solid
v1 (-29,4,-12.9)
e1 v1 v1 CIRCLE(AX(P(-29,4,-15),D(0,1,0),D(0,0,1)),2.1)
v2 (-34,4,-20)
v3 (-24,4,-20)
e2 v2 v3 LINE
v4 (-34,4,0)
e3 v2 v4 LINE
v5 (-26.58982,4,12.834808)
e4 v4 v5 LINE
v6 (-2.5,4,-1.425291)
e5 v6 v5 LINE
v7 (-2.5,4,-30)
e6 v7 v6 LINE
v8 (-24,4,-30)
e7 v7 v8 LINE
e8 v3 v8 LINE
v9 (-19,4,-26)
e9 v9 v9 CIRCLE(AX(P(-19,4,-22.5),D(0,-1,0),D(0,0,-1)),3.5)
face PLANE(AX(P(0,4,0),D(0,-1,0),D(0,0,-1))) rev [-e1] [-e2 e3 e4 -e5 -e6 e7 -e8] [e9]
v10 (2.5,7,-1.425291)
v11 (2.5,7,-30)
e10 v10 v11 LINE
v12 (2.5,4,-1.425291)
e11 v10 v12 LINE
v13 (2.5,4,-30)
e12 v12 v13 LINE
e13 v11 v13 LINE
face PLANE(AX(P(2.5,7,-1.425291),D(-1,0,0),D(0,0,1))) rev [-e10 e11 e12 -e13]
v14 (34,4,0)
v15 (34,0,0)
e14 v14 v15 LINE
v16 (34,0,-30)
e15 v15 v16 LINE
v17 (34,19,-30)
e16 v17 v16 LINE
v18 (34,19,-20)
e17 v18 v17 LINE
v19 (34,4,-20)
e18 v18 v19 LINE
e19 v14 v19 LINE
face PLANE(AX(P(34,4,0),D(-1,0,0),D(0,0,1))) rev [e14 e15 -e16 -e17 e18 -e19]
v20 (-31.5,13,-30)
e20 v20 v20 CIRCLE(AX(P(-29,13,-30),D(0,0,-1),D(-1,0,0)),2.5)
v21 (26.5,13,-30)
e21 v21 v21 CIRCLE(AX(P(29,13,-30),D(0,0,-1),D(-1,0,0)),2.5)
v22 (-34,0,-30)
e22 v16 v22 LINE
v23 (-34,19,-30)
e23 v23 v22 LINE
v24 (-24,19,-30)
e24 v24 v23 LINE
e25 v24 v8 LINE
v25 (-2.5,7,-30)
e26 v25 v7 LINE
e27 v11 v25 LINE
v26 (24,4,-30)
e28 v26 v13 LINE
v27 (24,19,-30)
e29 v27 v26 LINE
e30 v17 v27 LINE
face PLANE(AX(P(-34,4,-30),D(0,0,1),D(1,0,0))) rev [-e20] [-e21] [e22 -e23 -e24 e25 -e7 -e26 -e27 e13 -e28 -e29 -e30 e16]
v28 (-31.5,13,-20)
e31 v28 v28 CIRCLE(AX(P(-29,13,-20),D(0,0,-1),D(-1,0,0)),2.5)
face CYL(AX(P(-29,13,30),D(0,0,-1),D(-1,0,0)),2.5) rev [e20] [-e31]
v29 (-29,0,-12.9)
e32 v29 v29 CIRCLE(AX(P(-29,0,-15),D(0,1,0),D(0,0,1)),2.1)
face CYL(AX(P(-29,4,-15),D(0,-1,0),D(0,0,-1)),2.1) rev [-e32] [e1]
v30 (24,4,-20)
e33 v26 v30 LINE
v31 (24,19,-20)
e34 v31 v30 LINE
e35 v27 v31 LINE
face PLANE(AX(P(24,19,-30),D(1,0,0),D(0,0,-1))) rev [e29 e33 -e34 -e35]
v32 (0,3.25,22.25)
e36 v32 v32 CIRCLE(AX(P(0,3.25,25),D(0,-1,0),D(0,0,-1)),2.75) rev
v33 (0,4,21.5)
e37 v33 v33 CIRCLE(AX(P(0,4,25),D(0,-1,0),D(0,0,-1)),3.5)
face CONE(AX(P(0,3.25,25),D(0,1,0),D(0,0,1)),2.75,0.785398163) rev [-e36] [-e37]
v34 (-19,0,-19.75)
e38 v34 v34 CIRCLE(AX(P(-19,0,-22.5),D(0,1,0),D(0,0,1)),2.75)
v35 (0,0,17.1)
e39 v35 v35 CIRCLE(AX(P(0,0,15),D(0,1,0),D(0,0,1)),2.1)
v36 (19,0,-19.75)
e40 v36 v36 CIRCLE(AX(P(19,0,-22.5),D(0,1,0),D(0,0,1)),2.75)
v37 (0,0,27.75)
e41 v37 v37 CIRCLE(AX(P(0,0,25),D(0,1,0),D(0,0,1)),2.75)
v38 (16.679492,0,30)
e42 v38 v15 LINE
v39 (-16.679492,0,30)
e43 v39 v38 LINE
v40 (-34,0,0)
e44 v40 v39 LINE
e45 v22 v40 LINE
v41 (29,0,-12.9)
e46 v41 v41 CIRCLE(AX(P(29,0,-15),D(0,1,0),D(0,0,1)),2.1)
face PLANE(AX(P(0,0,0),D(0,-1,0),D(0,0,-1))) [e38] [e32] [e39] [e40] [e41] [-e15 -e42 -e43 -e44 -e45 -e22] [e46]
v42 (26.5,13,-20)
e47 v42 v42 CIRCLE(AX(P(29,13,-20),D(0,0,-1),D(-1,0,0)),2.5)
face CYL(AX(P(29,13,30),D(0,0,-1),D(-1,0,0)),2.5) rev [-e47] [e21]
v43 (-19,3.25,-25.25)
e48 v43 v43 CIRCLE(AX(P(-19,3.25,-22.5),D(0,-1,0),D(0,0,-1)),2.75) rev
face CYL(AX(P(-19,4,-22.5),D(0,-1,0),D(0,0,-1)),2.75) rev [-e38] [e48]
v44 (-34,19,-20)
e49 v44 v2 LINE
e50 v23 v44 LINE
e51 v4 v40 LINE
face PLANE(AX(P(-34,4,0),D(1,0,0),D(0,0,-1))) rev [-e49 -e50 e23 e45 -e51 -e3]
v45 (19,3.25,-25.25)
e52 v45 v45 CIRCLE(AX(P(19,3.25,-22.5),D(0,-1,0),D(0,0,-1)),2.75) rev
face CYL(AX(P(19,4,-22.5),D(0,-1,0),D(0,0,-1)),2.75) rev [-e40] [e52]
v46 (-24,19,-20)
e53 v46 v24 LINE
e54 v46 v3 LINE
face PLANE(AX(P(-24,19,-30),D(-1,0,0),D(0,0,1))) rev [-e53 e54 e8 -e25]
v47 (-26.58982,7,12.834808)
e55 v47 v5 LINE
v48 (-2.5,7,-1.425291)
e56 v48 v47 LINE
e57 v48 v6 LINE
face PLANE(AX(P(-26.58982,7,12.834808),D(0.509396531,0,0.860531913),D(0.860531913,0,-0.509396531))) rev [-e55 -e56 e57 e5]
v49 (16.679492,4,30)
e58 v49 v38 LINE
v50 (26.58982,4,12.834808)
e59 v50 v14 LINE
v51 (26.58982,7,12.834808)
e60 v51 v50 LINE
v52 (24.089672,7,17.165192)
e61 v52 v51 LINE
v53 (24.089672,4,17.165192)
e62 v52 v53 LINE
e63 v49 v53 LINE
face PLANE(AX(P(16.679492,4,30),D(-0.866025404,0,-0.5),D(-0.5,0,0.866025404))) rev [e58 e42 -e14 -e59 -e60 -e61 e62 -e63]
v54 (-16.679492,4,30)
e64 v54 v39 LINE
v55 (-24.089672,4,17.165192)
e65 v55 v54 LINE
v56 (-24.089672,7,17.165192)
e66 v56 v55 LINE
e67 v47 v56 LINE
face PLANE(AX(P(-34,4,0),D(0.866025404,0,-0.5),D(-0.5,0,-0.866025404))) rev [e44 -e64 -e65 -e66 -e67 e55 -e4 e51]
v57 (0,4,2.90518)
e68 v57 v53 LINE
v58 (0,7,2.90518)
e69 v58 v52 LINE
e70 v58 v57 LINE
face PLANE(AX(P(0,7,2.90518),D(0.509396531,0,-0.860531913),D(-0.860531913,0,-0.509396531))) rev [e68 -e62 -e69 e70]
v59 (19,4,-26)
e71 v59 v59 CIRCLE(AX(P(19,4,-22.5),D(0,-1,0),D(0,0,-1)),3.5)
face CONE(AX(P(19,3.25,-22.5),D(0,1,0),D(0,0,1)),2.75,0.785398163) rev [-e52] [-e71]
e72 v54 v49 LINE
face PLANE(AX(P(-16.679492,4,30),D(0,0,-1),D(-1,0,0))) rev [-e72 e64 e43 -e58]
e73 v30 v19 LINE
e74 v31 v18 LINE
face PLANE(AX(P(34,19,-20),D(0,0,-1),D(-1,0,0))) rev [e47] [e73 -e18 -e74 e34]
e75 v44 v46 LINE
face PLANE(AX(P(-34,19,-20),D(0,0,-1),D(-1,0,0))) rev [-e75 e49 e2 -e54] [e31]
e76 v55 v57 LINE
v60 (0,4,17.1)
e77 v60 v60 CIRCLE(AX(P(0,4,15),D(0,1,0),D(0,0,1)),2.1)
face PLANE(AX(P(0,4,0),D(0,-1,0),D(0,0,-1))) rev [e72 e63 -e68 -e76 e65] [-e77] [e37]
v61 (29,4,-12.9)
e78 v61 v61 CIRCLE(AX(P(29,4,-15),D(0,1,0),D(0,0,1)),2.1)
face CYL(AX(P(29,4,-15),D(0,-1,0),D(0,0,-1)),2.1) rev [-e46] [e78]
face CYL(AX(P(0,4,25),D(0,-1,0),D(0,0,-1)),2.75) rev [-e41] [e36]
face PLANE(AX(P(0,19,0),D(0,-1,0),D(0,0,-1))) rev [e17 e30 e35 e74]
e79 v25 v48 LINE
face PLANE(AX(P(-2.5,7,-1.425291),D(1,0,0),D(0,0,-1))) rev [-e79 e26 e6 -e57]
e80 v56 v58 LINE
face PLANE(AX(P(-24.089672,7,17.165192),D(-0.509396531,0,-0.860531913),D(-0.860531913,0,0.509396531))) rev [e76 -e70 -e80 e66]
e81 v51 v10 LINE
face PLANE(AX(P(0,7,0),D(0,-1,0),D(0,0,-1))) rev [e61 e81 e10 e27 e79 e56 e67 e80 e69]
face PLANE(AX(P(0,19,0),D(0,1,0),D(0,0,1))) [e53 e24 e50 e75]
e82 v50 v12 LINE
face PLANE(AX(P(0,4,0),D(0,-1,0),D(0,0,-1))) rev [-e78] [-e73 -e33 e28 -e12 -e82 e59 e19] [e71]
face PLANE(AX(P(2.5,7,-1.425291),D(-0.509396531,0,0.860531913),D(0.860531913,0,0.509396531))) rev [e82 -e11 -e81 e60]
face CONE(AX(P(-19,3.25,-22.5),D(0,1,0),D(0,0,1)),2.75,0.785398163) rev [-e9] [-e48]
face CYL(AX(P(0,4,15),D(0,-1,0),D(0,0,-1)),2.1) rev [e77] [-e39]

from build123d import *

# Parameters (mm, degrees)
SKETCH1_R           = 2.75
SKETCH1_R_2         = 2.1
BOSS_EXTRUDE1_DEPTH = 4
BOSS_EXTRUDE2_DEPTH = 3
SKETCH3_W           = 10
SKETCH3_H           = 10
BOSS_EXTRUDE3_DEPTH = 15
SKETCH4_R           = 2.5
CUT_EXTRUDE1_DEPTH  = 72.533209071
CHAMFER1_SIZE       = 0.75


with BuildPart() as part:
    # Sketch1 → Boss-Extrude1 (new body)
    with BuildSketch(Plane(origin=(0, 0, 0), x_dir=(1, 0, 0), z_dir=(0, 1, 0))):
        Polygon((-16.679491924, -30), (16.679491924, -30), (34, 0), (34, 30), (-34, 30), (-34, 0), align=None)
        with Locations(Location((-19, 22.5, 0), (0, 0, 270))):
            Circle(SKETCH1_R, mode=Mode.SUBTRACT)
        with Locations(Location((19, 22.5, 0), (0, 0, 270))):
            Circle(SKETCH1_R, mode=Mode.SUBTRACT)
        with Locations(Location((0, -25, 0), (0, 0, 270))):
            Circle(SKETCH1_R, mode=Mode.SUBTRACT)
        with Locations(Location((-29, 15, 0), (0, 0, 270))):
            Circle(SKETCH1_R_2, mode=Mode.SUBTRACT)
        with Locations(Location((29, 15, 0), (0, 0, 270))):
            Circle(SKETCH1_R_2, mode=Mode.SUBTRACT)
        with Locations(Location((0, -15, 0), (0, 0, 270))):
            Circle(SKETCH1_R_2, mode=Mode.SUBTRACT)
    extrude(amount=BOSS_EXTRUDE1_DEPTH)

    # Sketch2 → Boss-Extrude2 (add)
    with BuildSketch(Plane(origin=(0, 4, 0), x_dir=(1, 0, 0), z_dir=(0, 1, 0))):
        Polygon((-26.589820012, -12.834808232), (-24.089671912, -17.165191768), (0, -2.905179879), (24.089671912, -17.165191768), (26.589820012, -12.834808232), (2.5, 1.425291326), (2.5, 30), (-2.5, 30), (-2.5, 1.425291326), align=None)
    extrude(amount=BOSS_EXTRUDE2_DEPTH)

    # Sketch3 → Boss-Extrude3 (add)
    with BuildSketch(Plane(origin=(0, 4, 0), x_dir=(1, 0, 0), z_dir=(0, 1, 0))):
        with Locations((-29, 25)):
            Rectangle(SKETCH3_W, SKETCH3_H)
        with Locations((29, 25)):
            Rectangle(SKETCH3_W, SKETCH3_H)
    extrude(amount=BOSS_EXTRUDE3_DEPTH)

    # Sketch4 → Cut-Extrude1 (cut, through all)
    with BuildSketch(Plane(origin=(0, 0, -30), x_dir=(-1, 0, 0), z_dir=(0, 0, -1))):
        with Locations((-29, 13)):
            Circle(SKETCH4_R)
        with Locations((29, 13)):
            Circle(SKETCH4_R)
    extrude(amount=-CUT_EXTRUDE1_DEPTH, mode=Mode.SUBTRACT)

    # Chamfer1
    chamfer1_edges = [part.edges().sort_by_distance(p)[0] for p in [
        (-19, 4, -25.25),
        (19, 4, -25.25),
        (0, 4, 22.25),
    ]]
    chamfer(chamfer1_edges, length=CHAMFER1_SIZE)


solid = part.part
